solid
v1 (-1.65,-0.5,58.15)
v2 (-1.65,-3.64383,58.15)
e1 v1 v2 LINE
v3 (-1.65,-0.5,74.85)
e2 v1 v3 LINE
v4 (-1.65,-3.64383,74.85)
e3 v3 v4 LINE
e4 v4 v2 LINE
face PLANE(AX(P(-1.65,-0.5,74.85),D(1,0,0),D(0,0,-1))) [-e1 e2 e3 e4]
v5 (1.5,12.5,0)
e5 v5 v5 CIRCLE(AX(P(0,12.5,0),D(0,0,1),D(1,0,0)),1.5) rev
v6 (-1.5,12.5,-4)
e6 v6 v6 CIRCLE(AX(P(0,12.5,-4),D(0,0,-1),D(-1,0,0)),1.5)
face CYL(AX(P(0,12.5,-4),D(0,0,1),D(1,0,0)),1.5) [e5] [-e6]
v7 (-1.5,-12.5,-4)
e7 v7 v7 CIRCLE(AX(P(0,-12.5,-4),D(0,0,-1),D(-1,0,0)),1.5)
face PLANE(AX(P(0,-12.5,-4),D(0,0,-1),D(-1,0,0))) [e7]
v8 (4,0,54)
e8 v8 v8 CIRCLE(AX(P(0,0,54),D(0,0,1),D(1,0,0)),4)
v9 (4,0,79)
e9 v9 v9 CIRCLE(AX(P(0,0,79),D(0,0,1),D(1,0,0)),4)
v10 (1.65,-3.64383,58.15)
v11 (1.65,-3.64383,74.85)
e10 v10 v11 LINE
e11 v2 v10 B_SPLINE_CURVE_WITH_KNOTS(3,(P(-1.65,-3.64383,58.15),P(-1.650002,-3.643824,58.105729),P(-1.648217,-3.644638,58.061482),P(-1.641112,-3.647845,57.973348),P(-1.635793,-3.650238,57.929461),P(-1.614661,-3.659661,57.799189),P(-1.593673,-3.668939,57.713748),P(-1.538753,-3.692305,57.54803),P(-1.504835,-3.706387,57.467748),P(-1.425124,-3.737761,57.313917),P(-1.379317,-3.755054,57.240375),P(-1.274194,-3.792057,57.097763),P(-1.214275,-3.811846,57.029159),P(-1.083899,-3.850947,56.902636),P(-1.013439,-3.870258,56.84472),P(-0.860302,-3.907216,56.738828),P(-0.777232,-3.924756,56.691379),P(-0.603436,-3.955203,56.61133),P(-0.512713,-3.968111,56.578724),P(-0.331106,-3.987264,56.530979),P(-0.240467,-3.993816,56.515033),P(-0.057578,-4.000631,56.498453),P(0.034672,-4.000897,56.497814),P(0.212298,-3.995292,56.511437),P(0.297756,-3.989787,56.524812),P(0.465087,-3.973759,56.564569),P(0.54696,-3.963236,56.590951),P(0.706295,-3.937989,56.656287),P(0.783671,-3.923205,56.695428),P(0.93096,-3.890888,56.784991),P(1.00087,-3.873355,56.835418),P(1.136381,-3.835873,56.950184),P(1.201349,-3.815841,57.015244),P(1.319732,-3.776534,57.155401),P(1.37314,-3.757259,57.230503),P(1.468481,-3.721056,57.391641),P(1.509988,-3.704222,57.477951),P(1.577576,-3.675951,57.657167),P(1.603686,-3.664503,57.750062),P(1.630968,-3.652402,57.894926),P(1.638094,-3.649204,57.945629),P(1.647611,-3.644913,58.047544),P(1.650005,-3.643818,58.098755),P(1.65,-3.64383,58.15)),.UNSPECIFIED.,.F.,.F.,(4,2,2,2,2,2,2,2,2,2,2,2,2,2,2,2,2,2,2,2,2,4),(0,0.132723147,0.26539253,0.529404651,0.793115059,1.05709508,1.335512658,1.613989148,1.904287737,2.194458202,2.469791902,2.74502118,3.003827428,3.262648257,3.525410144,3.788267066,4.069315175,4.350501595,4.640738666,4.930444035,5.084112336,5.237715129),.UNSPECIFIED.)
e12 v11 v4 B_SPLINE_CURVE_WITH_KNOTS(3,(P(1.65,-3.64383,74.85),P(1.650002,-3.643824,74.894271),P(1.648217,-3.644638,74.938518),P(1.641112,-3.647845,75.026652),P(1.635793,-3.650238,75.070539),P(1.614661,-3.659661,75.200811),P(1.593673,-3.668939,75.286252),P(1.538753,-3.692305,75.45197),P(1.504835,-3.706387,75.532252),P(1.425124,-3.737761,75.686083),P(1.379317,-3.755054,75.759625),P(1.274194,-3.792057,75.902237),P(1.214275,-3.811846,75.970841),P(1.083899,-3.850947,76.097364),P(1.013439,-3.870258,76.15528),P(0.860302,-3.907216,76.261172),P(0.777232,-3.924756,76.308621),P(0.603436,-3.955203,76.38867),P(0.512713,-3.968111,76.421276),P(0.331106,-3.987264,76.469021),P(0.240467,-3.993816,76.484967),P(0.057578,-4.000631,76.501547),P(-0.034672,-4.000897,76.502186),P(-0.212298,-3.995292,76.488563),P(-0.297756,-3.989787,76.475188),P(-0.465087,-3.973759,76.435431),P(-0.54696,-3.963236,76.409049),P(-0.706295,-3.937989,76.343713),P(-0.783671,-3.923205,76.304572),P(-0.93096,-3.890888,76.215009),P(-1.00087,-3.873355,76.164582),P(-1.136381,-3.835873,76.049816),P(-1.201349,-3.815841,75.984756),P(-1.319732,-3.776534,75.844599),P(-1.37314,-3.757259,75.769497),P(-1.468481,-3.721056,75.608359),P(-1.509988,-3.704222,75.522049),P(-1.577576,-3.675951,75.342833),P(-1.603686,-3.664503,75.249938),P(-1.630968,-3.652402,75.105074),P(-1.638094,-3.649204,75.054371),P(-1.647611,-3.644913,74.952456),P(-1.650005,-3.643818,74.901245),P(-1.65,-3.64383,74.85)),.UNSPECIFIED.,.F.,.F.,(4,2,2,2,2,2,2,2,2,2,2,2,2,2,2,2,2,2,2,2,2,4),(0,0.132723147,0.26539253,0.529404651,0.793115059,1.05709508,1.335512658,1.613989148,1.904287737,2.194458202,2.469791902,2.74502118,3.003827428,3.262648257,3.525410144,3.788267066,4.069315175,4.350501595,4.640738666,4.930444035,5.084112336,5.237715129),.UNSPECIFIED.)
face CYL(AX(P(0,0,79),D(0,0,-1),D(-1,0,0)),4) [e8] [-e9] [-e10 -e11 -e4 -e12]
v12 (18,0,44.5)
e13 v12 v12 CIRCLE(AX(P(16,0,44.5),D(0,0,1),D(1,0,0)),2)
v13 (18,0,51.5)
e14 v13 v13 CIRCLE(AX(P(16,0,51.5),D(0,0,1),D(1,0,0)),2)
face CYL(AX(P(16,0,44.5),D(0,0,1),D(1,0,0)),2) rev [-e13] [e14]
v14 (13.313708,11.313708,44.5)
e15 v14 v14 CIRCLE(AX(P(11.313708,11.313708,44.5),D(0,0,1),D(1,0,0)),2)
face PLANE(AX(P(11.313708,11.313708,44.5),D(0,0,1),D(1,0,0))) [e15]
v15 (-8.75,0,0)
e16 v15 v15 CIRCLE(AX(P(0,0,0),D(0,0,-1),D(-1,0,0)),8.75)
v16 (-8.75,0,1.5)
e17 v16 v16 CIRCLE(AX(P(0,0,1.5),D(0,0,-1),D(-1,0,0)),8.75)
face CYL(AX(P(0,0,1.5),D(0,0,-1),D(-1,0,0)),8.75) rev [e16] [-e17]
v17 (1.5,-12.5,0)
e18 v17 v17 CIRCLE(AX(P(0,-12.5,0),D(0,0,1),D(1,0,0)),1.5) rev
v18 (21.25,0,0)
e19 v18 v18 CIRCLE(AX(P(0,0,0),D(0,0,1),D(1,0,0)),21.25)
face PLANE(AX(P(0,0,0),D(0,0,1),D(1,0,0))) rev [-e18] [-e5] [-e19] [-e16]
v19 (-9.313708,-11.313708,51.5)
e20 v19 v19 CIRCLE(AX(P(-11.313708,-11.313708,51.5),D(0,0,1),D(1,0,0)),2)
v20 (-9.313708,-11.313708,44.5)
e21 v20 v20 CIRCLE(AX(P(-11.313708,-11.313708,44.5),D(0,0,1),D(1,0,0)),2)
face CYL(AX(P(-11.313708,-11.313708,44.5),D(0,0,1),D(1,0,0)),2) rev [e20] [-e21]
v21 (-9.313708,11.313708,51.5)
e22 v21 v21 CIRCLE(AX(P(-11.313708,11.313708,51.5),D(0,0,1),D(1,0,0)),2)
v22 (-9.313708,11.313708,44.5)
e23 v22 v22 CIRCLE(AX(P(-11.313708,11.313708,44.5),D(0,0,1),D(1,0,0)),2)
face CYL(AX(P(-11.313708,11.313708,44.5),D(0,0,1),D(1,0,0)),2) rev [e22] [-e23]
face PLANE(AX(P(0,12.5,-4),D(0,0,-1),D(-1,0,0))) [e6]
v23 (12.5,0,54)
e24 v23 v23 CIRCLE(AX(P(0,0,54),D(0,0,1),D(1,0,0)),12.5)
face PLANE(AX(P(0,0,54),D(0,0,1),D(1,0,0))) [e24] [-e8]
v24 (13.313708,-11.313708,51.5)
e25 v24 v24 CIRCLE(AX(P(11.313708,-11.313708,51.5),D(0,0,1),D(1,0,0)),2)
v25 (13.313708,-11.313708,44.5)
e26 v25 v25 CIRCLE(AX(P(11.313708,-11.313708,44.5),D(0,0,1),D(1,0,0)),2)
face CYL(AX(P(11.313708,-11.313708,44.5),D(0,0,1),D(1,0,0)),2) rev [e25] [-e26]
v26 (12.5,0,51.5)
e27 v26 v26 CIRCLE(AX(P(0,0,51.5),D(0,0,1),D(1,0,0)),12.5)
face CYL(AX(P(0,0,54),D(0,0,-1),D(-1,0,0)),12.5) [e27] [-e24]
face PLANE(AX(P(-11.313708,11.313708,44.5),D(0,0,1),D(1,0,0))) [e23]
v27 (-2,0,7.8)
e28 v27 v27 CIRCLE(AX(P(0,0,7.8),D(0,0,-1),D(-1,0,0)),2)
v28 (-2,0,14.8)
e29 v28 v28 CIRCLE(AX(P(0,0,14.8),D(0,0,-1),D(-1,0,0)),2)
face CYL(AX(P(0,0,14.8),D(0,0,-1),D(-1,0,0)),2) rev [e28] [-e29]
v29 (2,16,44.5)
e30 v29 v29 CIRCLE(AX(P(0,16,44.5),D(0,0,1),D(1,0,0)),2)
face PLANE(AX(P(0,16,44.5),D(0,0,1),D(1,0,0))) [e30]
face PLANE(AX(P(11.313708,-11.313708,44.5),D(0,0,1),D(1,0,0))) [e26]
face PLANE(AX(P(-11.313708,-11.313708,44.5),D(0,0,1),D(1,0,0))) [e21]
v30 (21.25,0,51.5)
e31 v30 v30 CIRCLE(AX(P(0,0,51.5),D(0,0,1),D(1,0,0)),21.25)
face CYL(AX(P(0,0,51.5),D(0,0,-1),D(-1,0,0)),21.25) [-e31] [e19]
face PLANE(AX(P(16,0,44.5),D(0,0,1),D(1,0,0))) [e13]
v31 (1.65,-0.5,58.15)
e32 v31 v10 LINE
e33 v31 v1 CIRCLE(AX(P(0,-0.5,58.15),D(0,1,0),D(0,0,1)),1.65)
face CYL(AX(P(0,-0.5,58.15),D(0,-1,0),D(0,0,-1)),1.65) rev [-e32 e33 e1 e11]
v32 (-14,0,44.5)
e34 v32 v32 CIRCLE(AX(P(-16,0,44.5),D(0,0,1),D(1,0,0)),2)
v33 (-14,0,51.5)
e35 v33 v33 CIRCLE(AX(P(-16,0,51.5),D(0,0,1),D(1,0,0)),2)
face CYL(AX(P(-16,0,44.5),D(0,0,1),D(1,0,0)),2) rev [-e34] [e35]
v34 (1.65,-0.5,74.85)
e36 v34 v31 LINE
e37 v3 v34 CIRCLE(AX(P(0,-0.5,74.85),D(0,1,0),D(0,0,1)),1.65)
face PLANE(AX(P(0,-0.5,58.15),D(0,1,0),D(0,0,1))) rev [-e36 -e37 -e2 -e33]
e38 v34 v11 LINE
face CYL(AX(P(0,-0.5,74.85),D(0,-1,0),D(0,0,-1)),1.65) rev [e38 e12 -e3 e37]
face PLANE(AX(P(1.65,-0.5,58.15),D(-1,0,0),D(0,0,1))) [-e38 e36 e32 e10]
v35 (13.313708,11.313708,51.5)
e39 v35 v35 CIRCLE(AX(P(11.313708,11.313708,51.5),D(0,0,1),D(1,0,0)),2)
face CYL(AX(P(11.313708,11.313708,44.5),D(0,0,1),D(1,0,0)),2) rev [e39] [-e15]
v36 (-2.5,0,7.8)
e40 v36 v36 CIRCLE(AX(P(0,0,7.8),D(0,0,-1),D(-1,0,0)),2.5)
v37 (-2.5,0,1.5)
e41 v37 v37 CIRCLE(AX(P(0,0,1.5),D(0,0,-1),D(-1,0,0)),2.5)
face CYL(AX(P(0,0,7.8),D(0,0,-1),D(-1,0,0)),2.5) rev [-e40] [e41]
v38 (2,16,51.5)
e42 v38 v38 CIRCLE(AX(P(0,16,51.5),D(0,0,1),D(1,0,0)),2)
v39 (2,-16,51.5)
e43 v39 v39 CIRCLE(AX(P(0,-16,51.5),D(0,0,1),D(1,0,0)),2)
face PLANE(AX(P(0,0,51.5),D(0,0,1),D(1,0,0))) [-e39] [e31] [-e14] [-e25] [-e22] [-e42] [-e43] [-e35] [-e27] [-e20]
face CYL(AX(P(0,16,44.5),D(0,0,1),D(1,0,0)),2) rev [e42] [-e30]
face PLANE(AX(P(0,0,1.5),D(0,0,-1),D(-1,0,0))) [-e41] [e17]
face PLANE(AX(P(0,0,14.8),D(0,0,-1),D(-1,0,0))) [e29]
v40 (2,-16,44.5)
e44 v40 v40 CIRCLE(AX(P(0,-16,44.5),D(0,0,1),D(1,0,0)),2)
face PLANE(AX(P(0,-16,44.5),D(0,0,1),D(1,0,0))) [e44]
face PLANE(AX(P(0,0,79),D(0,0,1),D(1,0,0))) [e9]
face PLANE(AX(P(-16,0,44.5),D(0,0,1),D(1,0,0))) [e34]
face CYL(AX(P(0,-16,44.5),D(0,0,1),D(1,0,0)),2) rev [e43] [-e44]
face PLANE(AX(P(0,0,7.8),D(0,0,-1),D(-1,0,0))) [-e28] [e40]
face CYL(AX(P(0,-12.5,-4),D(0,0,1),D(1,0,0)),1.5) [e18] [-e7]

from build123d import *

# Parameters (mm, degrees)
SKETCH_1_R           = 21.25
EXTRUDE_1_DEPTH      = 51.5
SKETCH_2_R           = 1.5
EXTRUDE_2_DEPTH      = 4
SKETCH_3_R           = 8.75
CUT_EXTRUDE_1_DEPTH  = 1.5
SKETCH_4_R           = 2.5
CUT_EXTRUDE_2_DEPTH  = 6.3
SKETCH_5_R           = 2
CUT_EXTRUDE_3_DEPTH  = 7
SKETCH_7_R           = 12.5
EXTRUDE_3_DEPTH      = 2.5
SKETCH_11_R          = 4
EXTRUDE_5_DEPTH      = 25
CUT_EXTRUDE_11_DEPTH = 3.5
SKETCH_13_R          = 2
CUT_EXTRUDE_10_DEPTH = 7


with BuildPart() as part:
    # 草圖1 → 填料-伸長1 (new body)
    with BuildSketch(Plane.XY):
        Circle(SKETCH_1_R)
    extrude(amount=EXTRUDE_1_DEPTH)

    # 草圖2 → 填料-伸長2 (add)
    with BuildSketch(Plane(origin=(0, 0, 0), x_dir=(-1, 0, 0), z_dir=(0, 0, -1))):
        with Locations((0, 12.5)):
            Circle(SKETCH_2_R)
        with Locations((0, -12.5)):
            Circle(SKETCH_2_R)
    extrude(amount=EXTRUDE_2_DEPTH)

    # 草圖3 → 除料-伸長1 (cut)
    with BuildSketch(Plane(origin=(0, 0, 0), x_dir=(-1, 0, 0), z_dir=(0, 0, -1))):
        Circle(SKETCH_3_R)
    extrude(amount=-CUT_EXTRUDE_1_DEPTH, mode=Mode.SUBTRACT)

    # 草圖4 → 除料-伸長2 (cut)
    with BuildSketch(Plane(origin=(0, 0, 1.5), x_dir=(-1, 0, 0), z_dir=(0, 0, -1))):
        Circle(SKETCH_4_R)
    extrude(amount=-CUT_EXTRUDE_2_DEPTH, mode=Mode.SUBTRACT)

    # 草圖5 → 除料-伸長3 (cut)
    with BuildSketch(Plane(origin=(0, 0, 7.8), x_dir=(-1, 0, 0), z_dir=(0, 0, -1))):
        Circle(SKETCH_5_R)
    extrude(amount=-CUT_EXTRUDE_3_DEPTH, mode=Mode.SUBTRACT)

    # 草圖7 → 填料-伸長3 (add)
    with BuildSketch(Plane.XY.offset(51.5)):
        Circle(SKETCH_7_R)
    extrude(amount=EXTRUDE_3_DEPTH)

    # 草圖11 → 填料-伸長5 (add)
    with BuildSketch(Plane.XY.offset(54)):
        Circle(SKETCH_11_R)
    extrude(amount=EXTRUDE_5_DEPTH)

    # 草圖12 → 除料-伸長11 (cut)
    with BuildSketch(Plane(origin=(0, -4, 0), x_dir=(1, 0, 0), z_dir=(0, 1, 0))):
        with BuildLine():
            Line((-1.65, -74.85), (-1.65, -58.15))
            ThreePointArc((-1.65, -58.15), (0, -56.5), (1.65, -58.15))
            Line((1.65, -58.15), (1.65, -74.85))
            ThreePointArc((1.65, -74.85), (0, -76.5), (-1.65, -74.85))
        make_face()
    extrude(amount=CUT_EXTRUDE_11_DEPTH, mode=Mode.SUBTRACT)

    # 草圖13 → 除料-伸長10 (cut)
    with BuildSketch(Plane.XY.offset(51.5)):
        with Locations((16, 0)):
            Circle(SKETCH_13_R)
        with Locations((0, -16)):
            Circle(SKETCH_13_R)
        with Locations((-16, 0)):
            Circle(SKETCH_13_R)
        with Locations((0, 16)):
            Circle(SKETCH_13_R)
        with Locations((11.313708499, 11.313708499)):
            Circle(SKETCH_13_R)
        with Locations((11.313708499, -11.313708499)):
            Circle(SKETCH_13_R)
        with Locations((-11.313708499, -11.313708499)):
            Circle(SKETCH_13_R)
        with Locations((-11.313708499, 11.313708499)):
            Circle(SKETCH_13_R)
    extrude(amount=-CUT_EXTRUDE_10_DEPTH, mode=Mode.SUBTRACT)


solid = part.part
